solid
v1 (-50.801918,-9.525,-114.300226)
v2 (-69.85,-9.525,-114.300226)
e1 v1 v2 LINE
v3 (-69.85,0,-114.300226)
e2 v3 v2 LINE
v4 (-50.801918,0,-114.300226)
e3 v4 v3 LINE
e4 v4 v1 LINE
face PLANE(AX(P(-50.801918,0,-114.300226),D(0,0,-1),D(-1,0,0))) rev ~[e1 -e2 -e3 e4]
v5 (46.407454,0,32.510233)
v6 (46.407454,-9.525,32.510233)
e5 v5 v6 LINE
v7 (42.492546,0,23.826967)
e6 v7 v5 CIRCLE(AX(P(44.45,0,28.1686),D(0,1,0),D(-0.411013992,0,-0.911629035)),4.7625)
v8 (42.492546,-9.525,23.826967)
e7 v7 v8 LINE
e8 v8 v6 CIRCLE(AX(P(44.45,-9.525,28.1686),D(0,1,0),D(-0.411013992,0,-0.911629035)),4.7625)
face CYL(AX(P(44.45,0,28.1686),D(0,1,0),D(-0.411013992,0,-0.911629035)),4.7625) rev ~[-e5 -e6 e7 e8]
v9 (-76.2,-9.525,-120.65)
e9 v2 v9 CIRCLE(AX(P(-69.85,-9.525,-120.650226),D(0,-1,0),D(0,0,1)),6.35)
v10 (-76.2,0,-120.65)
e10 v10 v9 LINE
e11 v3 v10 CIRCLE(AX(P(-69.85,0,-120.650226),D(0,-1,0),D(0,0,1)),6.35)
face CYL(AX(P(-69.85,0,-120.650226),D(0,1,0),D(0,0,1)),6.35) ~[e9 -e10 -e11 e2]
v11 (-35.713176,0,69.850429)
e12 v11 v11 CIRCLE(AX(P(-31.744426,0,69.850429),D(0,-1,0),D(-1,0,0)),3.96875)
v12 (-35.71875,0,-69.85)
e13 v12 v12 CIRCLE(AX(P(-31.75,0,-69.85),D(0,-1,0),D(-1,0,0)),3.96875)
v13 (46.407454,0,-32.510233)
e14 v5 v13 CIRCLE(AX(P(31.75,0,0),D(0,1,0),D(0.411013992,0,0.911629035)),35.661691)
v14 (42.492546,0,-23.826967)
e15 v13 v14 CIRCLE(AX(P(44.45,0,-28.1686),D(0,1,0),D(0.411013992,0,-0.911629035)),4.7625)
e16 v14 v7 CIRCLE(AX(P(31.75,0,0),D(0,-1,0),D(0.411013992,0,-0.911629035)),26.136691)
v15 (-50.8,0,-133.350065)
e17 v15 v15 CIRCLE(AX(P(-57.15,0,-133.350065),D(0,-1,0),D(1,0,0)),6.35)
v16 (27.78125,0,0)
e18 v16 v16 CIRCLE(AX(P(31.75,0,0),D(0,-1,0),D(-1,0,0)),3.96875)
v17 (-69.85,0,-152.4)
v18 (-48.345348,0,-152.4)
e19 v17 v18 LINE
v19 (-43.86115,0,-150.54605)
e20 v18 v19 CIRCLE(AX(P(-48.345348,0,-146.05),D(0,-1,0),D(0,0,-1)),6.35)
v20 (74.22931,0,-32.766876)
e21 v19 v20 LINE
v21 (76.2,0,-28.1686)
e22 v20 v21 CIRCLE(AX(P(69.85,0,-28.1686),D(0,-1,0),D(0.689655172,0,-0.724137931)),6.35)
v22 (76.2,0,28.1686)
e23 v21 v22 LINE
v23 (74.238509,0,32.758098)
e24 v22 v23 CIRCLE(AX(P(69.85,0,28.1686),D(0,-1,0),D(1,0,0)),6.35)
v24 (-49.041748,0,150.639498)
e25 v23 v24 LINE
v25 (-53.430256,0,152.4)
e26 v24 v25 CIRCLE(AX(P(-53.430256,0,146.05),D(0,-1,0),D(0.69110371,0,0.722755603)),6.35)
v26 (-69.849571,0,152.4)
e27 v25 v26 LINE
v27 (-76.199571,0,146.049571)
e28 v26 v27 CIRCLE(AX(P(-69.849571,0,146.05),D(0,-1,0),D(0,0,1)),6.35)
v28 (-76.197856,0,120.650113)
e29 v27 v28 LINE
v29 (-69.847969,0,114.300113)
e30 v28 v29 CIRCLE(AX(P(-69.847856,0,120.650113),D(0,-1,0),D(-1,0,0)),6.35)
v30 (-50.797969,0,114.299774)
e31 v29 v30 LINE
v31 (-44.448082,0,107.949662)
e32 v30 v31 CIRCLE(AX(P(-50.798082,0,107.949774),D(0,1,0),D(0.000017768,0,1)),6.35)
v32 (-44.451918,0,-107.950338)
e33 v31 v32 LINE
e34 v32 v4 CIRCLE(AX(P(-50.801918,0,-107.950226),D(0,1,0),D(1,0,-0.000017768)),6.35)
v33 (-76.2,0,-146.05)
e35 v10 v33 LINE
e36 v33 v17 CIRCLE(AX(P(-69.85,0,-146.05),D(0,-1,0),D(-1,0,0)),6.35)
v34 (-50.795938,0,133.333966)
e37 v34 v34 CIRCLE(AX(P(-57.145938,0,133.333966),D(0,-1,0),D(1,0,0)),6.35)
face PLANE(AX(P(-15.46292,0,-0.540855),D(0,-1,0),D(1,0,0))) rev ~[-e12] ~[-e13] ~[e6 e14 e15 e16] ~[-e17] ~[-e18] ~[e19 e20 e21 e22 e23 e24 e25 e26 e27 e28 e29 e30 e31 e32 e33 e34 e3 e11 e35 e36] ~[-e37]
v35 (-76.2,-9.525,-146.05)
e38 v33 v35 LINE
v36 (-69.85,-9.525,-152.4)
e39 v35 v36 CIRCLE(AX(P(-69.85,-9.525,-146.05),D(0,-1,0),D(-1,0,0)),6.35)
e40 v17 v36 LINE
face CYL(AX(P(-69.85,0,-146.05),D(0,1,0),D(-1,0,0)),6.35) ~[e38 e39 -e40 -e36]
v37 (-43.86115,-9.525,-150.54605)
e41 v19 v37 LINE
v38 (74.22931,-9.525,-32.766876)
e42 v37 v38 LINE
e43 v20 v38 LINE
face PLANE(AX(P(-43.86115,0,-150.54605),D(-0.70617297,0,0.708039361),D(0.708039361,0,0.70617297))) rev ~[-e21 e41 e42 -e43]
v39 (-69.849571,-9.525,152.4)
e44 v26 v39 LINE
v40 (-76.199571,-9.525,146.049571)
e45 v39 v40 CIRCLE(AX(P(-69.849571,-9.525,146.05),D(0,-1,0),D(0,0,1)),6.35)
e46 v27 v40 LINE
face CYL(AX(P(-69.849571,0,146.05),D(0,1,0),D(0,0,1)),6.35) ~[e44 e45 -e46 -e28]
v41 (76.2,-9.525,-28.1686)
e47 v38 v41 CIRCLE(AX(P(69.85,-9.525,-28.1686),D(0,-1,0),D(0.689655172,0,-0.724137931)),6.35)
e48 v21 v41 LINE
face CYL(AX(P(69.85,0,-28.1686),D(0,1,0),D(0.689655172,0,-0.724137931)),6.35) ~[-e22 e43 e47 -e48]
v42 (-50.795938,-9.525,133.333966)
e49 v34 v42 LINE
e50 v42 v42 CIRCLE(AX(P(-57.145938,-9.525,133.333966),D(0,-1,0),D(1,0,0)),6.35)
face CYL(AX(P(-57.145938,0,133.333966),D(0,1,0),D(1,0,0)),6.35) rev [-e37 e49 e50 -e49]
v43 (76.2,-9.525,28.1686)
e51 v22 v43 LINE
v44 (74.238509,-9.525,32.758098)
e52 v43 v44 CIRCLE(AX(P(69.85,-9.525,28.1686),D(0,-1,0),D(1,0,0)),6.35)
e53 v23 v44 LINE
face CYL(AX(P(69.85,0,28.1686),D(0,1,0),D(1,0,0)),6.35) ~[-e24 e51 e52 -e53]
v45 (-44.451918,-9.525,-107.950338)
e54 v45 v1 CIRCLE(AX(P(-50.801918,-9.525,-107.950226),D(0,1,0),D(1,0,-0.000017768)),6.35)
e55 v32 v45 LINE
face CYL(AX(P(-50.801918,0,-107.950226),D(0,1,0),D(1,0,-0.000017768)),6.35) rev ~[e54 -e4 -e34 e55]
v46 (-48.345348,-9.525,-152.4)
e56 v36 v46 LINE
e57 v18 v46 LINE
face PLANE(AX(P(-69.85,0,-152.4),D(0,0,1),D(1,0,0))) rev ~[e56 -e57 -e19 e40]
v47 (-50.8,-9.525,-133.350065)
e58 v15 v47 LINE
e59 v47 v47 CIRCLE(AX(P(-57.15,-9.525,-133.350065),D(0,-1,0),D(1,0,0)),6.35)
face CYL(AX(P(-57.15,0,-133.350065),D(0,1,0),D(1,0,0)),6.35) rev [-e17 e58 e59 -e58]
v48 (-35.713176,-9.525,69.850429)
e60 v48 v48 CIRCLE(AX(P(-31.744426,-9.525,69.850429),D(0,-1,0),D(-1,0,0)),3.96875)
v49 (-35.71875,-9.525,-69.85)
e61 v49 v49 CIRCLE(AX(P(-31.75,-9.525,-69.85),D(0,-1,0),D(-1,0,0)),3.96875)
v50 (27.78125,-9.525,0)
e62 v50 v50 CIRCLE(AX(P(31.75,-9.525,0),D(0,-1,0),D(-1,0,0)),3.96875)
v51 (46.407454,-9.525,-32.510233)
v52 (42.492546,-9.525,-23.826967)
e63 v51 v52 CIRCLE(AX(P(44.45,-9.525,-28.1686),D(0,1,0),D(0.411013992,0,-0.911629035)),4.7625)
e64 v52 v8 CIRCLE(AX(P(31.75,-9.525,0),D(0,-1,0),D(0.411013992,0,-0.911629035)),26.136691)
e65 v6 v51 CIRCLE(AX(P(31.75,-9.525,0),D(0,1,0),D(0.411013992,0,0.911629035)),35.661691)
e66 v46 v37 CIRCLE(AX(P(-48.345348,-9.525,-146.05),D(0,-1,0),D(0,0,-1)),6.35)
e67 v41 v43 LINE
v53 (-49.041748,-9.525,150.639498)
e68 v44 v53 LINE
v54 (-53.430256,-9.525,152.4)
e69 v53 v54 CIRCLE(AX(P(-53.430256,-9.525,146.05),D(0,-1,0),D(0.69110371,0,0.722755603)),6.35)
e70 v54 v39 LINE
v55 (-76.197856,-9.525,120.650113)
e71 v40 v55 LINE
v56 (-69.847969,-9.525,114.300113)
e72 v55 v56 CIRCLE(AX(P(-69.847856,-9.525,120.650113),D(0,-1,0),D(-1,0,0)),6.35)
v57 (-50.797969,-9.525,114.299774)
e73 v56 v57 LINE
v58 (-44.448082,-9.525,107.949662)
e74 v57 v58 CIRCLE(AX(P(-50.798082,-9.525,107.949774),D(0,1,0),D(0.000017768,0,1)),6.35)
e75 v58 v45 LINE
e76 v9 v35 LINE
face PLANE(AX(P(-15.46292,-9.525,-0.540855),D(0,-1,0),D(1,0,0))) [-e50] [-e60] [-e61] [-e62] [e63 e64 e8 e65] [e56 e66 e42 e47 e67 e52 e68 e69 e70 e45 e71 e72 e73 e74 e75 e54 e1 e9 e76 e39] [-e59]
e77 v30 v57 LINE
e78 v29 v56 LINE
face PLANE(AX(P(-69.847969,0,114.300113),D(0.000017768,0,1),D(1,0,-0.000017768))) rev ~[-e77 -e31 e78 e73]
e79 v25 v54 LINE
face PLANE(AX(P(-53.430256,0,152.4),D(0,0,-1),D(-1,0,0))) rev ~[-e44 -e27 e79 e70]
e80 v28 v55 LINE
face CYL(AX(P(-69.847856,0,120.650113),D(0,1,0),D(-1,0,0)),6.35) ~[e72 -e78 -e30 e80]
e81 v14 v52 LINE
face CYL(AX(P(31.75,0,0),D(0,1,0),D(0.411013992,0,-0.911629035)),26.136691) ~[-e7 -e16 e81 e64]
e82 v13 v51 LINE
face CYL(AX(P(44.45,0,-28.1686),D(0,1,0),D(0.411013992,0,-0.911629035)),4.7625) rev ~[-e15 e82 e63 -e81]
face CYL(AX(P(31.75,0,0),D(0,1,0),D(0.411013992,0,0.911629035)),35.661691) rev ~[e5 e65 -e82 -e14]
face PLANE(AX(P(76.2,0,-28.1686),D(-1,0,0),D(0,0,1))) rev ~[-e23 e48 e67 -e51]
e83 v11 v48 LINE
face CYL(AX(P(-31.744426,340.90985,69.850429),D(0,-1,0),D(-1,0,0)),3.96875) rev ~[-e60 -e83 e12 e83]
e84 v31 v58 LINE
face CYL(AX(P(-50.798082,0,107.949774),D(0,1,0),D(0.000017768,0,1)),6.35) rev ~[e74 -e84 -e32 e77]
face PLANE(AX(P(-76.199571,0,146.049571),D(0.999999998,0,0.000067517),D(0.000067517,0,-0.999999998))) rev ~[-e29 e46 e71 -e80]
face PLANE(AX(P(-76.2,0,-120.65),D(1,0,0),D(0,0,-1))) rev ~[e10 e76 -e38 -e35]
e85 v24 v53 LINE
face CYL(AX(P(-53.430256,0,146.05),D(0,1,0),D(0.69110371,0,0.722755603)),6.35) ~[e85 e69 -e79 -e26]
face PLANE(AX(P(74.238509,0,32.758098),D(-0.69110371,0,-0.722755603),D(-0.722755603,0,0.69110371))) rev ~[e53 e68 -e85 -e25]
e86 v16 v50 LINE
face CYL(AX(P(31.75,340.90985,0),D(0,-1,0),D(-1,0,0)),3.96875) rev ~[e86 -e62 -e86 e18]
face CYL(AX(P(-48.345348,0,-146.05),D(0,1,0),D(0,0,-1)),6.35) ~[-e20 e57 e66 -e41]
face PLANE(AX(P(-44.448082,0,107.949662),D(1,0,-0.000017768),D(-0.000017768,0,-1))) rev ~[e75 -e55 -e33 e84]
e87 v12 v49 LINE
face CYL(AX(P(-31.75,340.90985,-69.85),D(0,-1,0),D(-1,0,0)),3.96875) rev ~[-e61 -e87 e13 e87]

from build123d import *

# Parameters (mm, degrees)
F0_R     = 6.35
F1_DEPTH = 9.525
F2_D     = 7.9375


with BuildPart() as f1:
    # F0 (on Front) → F1 (new body)
    with BuildSketch(Plane.XZ):
        with BuildLine():
            Line((76.2, -28.1686), (76.2, 28.1686))
            ThreePointArc((76.2, 28.1686), (75.6890722442, 30.6641430927), (74.2385085583, 32.7580980808))
            Line((74.2385085583, 32.7580980808), (-49.0417475627, 150.6394980808))
            ThreePointArc((-49.0417475627, 150.6394980808), (-51.0660239849, 151.9434630233), (-53.4302561211, 152.4))
            Line((-53.4302561211, 152.4), (-69.8495712494, 152.4))
            ThreePointArc((-69.8495712494, 152.4), (-74.3398508885, 150.5399764769), (-76.1995712349, 146.0495712639))
            Line((-76.1995712349, 146.0495712639), (-76.197856327, 120.6501128256))
            ThreePointArc((-76.197856327, 120.6501128256), (-74.3380242773, 116.1600246552), (-69.8479691527, 114.3001128266))
            Line((-69.8479691527, 114.3001128266), (-50.7979691557, 114.2997743497))
            ThreePointArc((-50.7979691557, 114.2997743497), (-46.3078741417, 112.4398226308), (-44.4480819823, 107.9496615251))
            Line((-44.4480819823, 107.9496615251), (-44.4519180538, -107.9503384408))
            ThreePointArc((-44.4519180538, -107.9503384408), (-46.3118298823, -112.4403935654), (-50.8019180528, -114.3002256152))
            Line((-50.8019180528, -114.3002256152), (-69.850000004, -114.3002256152))
            ThreePointArc((-69.850000004, -114.3002256152), (-74.3400482968, -116.1600177883), (-76.2, -120.65))
            Line((-76.2, -120.65), (-76.2, -146.05))
            ThreePointArc((-76.2, -146.05), (-74.3401280605, -150.5401280605), (-69.85, -152.4))
            Line((-69.85, -152.4), (-48.3453483747, -152.4))
            ThreePointArc((-48.3453483747, -152.4), (-45.9191803183, -151.9182372619), (-43.861150015, -150.5460499408))
            Line((-43.861150015, -150.5460499408), (74.2293103448, -32.7668758621))
            ThreePointArc((74.2293103448, -32.7668758621), (75.6865709406, -30.669987546), (76.2, -28.1686))
        make_face()
        with Locations((-57.15, -133.3500654614)):
            Circle(F0_R, mode=Mode.SUBTRACT)
        with Locations((-57.1459382772, 133.333966136)):
            Circle(F0_R, mode=Mode.SUBTRACT)
        with BuildLine():
            ThreePointArc((42.4925458609, 23.8269667194), (40.1083667194, 30.1260541391), (46.4074541391, 32.5102332806))
            ThreePointArc((46.4074541391, 32.5102332806), (67.411691348, 0), (46.4074541391, -32.5102332806))
            ThreePointArc((46.4074541391, -32.5102332806), (40.1083667194, -30.1260541391), (42.4925458609, -23.8269667194))
            ThreePointArc((42.4925458609, -23.8269667194), (57.886691348, 0), (42.4925458609, 23.8269667194))
        make_face(mode=Mode.SUBTRACT)
    extrude(amount=F1_DEPTH)

    # F2 (through all)
    with Locations(Plane(origin=(0, 0, 0), x_dir=(1, 0, 0), z_dir=(0, 1, 0))):
        with Locations((31.75, 0), (-31.7444263581, -69.8504291124), (-31.75, 69.85)):
            Hole(F2_D / 2)


solid = f1.part
